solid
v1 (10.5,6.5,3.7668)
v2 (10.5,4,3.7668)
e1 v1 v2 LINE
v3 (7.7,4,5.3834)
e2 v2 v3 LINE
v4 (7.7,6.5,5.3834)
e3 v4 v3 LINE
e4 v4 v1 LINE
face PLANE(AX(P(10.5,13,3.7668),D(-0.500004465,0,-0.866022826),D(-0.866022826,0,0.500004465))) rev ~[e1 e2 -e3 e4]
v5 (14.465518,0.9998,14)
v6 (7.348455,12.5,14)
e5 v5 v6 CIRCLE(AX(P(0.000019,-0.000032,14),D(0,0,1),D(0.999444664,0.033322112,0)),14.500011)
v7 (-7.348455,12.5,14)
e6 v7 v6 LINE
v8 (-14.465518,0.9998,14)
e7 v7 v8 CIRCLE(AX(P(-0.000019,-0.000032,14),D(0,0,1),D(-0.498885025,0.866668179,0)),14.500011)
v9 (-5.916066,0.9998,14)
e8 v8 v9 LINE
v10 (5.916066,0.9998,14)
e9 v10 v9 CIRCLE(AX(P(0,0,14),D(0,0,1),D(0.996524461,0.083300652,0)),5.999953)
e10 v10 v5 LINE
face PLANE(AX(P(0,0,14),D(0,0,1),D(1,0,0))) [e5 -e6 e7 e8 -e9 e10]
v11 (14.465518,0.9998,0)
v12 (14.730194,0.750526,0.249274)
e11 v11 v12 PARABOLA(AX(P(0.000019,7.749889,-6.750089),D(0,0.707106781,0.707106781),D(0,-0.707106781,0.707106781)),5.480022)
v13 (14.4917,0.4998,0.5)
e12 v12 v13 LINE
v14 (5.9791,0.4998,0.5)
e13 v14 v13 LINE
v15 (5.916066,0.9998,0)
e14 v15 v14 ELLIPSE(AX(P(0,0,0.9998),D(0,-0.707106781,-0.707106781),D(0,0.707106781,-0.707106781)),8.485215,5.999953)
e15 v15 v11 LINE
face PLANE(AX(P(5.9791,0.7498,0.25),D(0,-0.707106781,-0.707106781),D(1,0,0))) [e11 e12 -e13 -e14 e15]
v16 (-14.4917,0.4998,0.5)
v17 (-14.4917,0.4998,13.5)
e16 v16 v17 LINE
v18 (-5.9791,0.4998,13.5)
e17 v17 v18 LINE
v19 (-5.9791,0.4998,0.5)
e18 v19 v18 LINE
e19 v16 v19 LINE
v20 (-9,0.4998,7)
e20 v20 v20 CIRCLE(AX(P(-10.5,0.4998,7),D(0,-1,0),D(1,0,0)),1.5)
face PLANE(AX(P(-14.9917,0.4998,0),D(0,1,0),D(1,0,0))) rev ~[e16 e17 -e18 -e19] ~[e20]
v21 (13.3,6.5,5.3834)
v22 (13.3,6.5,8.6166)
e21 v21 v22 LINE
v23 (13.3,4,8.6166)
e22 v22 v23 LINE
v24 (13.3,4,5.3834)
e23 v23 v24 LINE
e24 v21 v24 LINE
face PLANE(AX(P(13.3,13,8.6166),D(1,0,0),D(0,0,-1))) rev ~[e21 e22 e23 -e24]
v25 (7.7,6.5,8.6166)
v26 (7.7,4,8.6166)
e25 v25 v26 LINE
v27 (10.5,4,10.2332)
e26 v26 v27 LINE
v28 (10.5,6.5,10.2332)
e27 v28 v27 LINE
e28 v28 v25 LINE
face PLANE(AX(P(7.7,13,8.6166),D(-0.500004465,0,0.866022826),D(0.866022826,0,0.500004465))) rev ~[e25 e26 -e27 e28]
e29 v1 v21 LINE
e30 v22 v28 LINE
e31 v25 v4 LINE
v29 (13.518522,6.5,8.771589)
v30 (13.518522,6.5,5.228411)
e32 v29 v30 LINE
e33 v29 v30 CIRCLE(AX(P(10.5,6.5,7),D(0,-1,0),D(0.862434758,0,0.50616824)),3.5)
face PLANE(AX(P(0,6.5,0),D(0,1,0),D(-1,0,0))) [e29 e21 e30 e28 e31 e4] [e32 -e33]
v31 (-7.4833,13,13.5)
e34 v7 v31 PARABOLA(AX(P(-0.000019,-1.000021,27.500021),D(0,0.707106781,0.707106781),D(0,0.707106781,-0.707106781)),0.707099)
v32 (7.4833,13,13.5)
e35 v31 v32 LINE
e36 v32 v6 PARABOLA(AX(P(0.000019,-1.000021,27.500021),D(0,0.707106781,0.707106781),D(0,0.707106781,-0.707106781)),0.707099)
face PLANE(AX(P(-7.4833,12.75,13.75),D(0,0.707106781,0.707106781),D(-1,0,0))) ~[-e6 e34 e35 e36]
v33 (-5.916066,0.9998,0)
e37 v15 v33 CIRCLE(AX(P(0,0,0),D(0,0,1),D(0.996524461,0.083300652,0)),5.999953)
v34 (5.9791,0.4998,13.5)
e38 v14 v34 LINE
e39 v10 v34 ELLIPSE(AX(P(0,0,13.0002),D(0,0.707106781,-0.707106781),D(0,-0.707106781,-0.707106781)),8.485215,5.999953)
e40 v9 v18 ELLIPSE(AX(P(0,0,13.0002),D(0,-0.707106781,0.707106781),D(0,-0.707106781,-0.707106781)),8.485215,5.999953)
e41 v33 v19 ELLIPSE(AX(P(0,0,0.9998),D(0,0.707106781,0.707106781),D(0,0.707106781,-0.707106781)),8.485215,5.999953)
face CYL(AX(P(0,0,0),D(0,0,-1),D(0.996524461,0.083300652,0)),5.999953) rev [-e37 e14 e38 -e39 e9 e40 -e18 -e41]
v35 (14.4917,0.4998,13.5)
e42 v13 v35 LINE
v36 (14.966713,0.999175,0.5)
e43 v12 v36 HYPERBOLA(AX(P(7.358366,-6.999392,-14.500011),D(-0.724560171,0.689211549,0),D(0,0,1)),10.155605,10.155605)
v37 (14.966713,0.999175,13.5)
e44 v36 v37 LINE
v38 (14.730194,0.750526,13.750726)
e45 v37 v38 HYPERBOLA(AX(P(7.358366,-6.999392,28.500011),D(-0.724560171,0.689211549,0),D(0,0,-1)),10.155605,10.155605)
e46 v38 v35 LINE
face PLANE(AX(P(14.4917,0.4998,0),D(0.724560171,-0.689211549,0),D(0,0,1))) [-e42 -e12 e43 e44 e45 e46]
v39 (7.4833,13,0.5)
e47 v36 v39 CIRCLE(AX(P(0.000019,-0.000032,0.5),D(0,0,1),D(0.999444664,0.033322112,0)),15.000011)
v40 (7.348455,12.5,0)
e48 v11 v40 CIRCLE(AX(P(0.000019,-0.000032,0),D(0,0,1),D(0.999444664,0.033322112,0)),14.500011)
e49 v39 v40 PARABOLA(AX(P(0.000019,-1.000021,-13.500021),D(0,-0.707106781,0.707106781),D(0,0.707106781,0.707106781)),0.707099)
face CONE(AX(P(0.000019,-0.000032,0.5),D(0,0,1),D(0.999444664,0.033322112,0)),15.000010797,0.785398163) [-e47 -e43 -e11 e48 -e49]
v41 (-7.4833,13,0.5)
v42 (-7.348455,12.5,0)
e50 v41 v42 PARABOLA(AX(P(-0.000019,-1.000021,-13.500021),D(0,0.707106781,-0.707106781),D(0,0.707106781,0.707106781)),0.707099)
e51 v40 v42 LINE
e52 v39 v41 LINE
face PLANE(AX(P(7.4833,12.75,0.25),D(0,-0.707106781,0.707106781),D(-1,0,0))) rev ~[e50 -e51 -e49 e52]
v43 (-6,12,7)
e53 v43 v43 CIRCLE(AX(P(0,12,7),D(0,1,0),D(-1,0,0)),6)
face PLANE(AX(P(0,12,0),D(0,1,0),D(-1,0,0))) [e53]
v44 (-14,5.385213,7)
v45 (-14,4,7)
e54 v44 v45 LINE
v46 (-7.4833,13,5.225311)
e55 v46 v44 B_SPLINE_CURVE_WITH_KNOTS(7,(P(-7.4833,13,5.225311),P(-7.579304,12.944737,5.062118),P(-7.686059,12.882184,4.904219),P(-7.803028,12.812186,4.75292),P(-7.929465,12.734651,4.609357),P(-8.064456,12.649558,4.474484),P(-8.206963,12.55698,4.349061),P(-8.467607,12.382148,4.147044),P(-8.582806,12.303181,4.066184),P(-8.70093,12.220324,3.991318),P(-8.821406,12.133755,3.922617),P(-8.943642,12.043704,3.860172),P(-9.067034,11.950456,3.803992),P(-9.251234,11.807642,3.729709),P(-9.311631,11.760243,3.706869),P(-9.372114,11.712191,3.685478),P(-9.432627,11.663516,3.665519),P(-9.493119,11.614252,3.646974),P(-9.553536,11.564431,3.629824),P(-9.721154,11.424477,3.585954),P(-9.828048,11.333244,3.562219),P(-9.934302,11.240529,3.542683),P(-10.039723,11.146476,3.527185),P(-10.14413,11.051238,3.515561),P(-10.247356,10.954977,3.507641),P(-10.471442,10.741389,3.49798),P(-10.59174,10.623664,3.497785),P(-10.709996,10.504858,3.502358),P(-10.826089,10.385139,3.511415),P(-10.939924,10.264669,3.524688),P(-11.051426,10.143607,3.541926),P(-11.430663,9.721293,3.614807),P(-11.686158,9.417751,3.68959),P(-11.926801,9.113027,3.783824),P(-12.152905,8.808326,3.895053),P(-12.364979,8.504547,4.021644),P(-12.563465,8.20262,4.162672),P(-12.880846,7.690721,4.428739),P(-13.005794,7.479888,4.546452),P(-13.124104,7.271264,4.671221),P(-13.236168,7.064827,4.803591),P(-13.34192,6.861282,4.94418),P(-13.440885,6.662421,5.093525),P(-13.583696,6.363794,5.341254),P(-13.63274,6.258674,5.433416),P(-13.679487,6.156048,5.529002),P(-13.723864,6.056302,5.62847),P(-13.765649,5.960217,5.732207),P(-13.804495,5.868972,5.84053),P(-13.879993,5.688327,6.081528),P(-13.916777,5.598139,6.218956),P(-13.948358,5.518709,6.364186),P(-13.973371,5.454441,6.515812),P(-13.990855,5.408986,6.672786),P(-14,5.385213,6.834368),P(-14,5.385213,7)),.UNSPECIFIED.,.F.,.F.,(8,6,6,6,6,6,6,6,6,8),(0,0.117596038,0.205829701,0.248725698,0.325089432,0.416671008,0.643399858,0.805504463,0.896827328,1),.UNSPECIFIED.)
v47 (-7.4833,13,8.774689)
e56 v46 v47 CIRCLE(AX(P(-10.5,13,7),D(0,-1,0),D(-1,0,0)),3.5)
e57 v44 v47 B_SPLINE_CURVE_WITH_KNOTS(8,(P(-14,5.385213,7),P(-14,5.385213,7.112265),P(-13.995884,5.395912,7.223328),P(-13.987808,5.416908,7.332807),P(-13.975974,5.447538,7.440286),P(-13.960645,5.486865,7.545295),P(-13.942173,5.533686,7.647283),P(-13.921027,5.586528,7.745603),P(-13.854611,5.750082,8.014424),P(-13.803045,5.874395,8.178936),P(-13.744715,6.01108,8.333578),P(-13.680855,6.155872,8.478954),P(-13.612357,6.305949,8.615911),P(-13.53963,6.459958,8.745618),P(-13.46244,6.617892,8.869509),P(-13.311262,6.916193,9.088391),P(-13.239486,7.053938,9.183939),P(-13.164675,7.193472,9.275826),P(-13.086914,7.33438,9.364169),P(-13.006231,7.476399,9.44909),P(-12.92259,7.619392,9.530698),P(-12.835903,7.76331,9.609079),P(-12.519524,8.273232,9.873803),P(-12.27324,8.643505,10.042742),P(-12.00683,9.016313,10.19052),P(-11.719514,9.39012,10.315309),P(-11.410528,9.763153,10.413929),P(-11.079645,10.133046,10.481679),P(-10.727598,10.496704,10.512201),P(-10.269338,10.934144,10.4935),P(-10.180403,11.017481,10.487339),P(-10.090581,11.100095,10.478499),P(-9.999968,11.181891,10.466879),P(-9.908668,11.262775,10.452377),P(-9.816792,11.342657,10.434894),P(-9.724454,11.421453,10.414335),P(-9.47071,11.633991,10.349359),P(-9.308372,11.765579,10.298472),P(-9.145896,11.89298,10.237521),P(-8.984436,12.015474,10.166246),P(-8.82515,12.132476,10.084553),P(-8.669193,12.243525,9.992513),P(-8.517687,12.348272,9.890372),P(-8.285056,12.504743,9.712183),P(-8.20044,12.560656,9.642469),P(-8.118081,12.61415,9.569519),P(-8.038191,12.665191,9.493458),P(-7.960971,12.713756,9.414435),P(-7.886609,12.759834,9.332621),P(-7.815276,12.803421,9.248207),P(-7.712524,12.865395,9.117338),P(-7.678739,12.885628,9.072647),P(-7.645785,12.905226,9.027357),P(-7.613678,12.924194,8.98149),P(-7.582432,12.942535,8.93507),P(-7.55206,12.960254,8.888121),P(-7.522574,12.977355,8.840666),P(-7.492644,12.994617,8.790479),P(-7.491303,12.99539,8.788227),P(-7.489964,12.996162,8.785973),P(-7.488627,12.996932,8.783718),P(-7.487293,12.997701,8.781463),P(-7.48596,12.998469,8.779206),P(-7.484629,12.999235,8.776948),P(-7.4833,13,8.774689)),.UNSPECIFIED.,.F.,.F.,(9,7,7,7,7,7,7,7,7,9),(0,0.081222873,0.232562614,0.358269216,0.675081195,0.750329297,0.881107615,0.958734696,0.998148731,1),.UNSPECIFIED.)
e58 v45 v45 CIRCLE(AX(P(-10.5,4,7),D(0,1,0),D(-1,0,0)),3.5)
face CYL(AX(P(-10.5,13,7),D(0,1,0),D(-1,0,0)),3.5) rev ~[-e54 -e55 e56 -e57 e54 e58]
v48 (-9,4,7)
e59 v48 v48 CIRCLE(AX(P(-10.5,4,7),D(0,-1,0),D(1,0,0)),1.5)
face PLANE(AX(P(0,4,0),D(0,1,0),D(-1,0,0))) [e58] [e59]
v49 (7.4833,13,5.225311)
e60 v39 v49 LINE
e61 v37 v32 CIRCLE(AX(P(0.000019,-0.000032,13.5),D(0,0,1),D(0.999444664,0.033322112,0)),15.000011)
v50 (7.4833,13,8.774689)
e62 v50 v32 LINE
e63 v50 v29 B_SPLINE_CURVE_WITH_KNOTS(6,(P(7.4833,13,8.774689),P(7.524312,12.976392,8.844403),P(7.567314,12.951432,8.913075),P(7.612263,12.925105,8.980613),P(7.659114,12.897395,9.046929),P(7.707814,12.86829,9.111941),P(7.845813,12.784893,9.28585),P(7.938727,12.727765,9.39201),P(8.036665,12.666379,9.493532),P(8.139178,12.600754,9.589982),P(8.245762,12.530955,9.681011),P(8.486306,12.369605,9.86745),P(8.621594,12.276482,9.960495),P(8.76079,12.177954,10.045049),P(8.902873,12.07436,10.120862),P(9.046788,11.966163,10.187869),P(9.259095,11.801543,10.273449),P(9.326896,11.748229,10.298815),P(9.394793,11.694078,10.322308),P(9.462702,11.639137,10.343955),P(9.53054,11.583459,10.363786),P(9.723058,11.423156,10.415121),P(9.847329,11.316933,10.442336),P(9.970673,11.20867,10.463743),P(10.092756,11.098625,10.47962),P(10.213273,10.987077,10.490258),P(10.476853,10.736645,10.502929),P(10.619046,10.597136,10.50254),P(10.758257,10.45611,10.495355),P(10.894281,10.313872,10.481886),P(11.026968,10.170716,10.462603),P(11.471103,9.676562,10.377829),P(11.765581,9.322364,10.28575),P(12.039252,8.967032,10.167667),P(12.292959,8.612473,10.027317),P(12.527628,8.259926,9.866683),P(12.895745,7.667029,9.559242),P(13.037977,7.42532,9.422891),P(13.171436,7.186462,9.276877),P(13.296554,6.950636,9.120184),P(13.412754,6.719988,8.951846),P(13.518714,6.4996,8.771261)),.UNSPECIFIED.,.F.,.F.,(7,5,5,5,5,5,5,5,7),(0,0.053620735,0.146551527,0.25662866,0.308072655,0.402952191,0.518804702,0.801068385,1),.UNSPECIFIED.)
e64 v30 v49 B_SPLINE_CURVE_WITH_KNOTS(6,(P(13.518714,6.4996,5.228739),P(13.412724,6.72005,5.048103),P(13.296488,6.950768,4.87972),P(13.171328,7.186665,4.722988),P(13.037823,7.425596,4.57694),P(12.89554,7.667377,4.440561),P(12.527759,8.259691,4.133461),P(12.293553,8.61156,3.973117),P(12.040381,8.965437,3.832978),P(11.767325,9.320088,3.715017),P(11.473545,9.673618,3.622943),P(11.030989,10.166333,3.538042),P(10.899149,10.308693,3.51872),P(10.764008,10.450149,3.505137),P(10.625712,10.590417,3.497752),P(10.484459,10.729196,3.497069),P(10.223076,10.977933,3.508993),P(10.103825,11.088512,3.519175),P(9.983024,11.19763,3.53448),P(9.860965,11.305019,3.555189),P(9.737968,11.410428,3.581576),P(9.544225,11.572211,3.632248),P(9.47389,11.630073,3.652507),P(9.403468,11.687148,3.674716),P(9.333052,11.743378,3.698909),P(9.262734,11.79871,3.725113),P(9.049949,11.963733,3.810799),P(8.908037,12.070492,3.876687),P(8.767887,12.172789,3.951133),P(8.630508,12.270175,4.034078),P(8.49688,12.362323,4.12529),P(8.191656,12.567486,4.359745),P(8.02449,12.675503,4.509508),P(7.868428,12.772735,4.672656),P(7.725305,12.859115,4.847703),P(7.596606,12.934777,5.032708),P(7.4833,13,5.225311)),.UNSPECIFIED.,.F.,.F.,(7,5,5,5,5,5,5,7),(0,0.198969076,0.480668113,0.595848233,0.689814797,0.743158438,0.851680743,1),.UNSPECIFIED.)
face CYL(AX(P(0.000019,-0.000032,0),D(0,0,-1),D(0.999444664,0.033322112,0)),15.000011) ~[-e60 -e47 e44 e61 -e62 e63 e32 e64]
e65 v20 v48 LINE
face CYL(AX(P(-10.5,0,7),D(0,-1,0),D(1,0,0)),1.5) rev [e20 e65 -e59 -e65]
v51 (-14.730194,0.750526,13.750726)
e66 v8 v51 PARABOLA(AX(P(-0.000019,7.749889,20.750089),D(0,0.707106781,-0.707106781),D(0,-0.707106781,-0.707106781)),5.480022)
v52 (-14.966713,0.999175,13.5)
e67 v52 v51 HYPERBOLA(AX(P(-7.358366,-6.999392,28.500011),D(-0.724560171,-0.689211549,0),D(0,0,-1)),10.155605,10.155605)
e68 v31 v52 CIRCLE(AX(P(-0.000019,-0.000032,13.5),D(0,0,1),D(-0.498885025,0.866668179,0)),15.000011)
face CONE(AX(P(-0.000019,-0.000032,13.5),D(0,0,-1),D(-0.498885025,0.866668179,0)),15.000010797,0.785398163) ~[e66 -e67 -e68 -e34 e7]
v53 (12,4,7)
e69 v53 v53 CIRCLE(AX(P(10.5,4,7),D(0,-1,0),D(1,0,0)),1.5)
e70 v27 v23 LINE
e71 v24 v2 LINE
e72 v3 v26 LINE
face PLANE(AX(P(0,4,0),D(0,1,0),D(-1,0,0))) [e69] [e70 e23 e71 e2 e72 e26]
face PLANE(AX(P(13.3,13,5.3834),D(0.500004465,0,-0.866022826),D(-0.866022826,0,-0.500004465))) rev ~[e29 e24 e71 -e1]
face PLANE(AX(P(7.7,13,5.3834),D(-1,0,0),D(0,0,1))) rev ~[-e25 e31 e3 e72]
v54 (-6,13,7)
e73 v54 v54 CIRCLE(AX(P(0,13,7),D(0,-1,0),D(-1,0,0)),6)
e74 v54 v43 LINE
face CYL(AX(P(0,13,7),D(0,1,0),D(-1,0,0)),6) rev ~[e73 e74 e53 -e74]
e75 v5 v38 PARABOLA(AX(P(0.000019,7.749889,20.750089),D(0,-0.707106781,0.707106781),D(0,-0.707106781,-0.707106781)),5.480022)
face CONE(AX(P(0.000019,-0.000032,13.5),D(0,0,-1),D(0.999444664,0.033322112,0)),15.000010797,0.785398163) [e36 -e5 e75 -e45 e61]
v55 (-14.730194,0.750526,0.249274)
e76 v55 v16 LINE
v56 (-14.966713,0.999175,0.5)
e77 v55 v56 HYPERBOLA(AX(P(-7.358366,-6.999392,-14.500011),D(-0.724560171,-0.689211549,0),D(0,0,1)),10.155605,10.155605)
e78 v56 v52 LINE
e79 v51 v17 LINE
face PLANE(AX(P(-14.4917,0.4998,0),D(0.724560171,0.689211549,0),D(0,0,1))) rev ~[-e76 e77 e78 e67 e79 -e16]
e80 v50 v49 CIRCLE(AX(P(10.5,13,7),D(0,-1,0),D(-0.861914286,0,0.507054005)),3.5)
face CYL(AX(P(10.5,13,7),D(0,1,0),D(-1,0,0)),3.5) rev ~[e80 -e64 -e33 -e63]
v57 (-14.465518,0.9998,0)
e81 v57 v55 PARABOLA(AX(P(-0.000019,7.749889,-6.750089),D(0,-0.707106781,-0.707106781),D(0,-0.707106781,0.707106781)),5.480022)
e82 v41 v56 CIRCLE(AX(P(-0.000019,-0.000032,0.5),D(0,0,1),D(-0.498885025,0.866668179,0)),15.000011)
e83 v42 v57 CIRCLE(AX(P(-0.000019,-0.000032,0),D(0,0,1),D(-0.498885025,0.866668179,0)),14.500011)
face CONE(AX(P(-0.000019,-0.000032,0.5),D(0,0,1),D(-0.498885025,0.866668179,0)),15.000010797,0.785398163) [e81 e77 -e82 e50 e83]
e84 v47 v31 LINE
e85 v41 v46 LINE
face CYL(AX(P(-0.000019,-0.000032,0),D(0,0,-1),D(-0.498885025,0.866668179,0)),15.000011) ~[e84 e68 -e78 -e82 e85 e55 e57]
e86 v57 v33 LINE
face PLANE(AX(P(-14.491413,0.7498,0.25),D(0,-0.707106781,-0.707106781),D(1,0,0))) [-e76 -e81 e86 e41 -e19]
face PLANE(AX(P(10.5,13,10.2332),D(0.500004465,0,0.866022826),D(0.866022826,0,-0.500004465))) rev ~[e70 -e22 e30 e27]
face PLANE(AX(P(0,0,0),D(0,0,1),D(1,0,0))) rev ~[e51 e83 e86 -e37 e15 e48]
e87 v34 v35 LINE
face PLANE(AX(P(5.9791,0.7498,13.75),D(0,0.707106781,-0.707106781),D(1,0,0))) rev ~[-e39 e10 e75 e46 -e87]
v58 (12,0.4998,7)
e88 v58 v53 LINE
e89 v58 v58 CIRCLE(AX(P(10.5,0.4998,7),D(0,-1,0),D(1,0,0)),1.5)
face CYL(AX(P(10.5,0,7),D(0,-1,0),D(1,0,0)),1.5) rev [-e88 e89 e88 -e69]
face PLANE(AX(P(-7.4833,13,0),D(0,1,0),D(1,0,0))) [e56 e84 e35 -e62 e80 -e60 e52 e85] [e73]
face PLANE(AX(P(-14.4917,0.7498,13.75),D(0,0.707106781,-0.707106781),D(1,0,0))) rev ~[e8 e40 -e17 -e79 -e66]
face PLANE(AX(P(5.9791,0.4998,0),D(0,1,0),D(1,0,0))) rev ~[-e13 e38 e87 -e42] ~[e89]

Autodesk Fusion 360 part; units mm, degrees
sketch "スケッチ2" plane through (0, 0, 0) normal (0, 0, 1) x (1, 0, 0)
  line L0 (0, 0.5) -> (0, -0.5)
  arc A0 (-7.4833, 13) -> (-14.9917, 0.4998) centre (0, 0) ccw
  line L1 (-14.9917, 0.4998) -> (-5.9791, 0.4998)
  line L2 (5.9791, 0.4998) -> (14.9917, 0.4998)
  arc A1 (5.9791, 0.4998) -> (-5.9791, 0.4998) centre (0, 0) ccw
  arc A2 (14.9917, 0.4998) -> (7.4833, 13) centre (0, 0) ccw
  line L3 (0, 13) -> (7.4833, 13)
  line L4 (-7.4833, 13) -> (0, 13)
extrude "押し出し1" add sketch "スケッチ2" along normal blind 14
sketch "スケッチ4" plane through (0, 13, 0) normal (0, 1, 0) x (-1, 0, 0)
  line L0 (-7.4833, 0) -> (7.4833, 0)
  line L1 (7.4833, 0) -> (7.4833, 14)
  line L2 (7.4833, 14) -> (-7.4833, 14)
  line L3 (-7.4833, 14) -> (-7.4833, 0)
  circle A0 centre (0, 7) radius 6
  dimension "d7" = 12
extrude "押し出し2" cut sketch "スケッチ4" against normal blind 1 contours A0
sketch "スケッチ5" plane through (0, 0, 0) normal (0, 1, 0) x (1, 0, 0)
  line L0 (0, 1) -> (0, -15)
  line L1 (15, -7) -> (10.5, -7)
  circle A0 centre (10.5, -7) radius 1.5
  circle A1 centre (-10.5, -7) radius 1.5
  dimension "d10" = 4.5
extrude "押し出し3" cut sketch "スケッチ5" along normal blind 13
sketch "スケッチ6" plane through (0, 13, 0) normal (0, 1, 0) x (-1, 0, 0)
  circle A0 centre (0, 7) radius 6
  line L0 (-7.4833, 0) -> (7.4833, 0)
  line L1 (7.4833, 0) -> (7.4833, 14)
  line L2 (7.4833, 14) -> (-7.4833, 14)
  line L3 (-7.4833, 14) -> (-7.4833, 0)
  circle A1 centre (10.5, 7) radius 3.5
  line L4 (-7.7, 8.6166) -> (-10.5, 10.2332)
  line L5 (-10.5, 10.2332) -> (-13.3, 8.6166)
  line L6 (-13.3, 8.6166) -> (-13.3, 5.3834)
  line L7 (-13.3, 5.3834) -> (-10.5, 3.7668)
  line L8 (-10.5, 3.7668) -> (-7.7, 5.3834)
  line L9 (-7.7, 5.3834) -> (-7.7, 8.6166)
  point P0 (10.5, 7)
  point P1 (-10.5, 7)
  point P2 (-10.5, 7)
extrude "押し出し4" cut sketch "スケッチ6" against normal blind 9 contours L1 A1 | L1 A1 | L4 L5 L6 L7 L8 L9
sketch "スケッチ7" plane through (13.3, 0, 0) normal (-1, 0, 0) x (0, -1, 0)
  line L0 (-6.9361, 8.6166) -> (-6.9361, 5.3834)
  line L1 (-6.9361, 5.3834) -> (-4, 5.3834)
  line L2 (-4, 5.3834) -> (-4, 8.6166)
  line L3 (-4, 8.6166) -> (-6.9361, 8.6166)
chamfer "面取り1" distance 0.5 angle 45 8 edges at (0, 13, 0) (-12.8586, 7.7237, 0) (-14.9917, 0.4998, 7) (-12.8586, 7.7237, 14) (0, 13, 14) (12.8586, 7.7237, 14) (12.8586, 7.7237, 0) (14.9917, 0.4998, 7)
sketch "スケッチ8" plane through (0, 13, 0) normal (0, 1, 0) x (-1, 0, 0)
  circle A0 centre (0, 7) radius 6
  line L0 (7.4833, 13.5) -> (-7.4833, 13.5)
  line L1 (-7.4833, 13.5) -> (-7.4833, 0.5)
  line L2 (-7.4833, 0.5) -> (7.4833, 0.5)
  line L3 (7.4833, 0.5) -> (7.4833, 5.2253)
  arc A1 (7.4833, 8.7747) -> (7.4833, 5.2253) centre (10.5, 7) ccw
  line L4 (7.4833, 8.7747) -> (7.4833, 13.5)
  circle A2 centre (-10.5, 7) radius 3.5
  point P0 (-10.5, 7)
  dimension "d18" = 7
extrude "押し出し5" cut sketch "スケッチ8" against normal blind 6.5 contours L1 A2 | L1 A2
chamfer "面取り2" distance 0.5 angle 45 4 edges at (-10.2353, 0.4998, 14) (-10.2353, 0.4998, 0) (10.2353, 0.4998, 0) (10.2353, 0.4998, 14)
sketch "スケッチ9" plane through (0, 0, 0) normal (0, 1, 0) x (1, 0, 0)
  line L0 (20, -7) -> (-20, -7)
